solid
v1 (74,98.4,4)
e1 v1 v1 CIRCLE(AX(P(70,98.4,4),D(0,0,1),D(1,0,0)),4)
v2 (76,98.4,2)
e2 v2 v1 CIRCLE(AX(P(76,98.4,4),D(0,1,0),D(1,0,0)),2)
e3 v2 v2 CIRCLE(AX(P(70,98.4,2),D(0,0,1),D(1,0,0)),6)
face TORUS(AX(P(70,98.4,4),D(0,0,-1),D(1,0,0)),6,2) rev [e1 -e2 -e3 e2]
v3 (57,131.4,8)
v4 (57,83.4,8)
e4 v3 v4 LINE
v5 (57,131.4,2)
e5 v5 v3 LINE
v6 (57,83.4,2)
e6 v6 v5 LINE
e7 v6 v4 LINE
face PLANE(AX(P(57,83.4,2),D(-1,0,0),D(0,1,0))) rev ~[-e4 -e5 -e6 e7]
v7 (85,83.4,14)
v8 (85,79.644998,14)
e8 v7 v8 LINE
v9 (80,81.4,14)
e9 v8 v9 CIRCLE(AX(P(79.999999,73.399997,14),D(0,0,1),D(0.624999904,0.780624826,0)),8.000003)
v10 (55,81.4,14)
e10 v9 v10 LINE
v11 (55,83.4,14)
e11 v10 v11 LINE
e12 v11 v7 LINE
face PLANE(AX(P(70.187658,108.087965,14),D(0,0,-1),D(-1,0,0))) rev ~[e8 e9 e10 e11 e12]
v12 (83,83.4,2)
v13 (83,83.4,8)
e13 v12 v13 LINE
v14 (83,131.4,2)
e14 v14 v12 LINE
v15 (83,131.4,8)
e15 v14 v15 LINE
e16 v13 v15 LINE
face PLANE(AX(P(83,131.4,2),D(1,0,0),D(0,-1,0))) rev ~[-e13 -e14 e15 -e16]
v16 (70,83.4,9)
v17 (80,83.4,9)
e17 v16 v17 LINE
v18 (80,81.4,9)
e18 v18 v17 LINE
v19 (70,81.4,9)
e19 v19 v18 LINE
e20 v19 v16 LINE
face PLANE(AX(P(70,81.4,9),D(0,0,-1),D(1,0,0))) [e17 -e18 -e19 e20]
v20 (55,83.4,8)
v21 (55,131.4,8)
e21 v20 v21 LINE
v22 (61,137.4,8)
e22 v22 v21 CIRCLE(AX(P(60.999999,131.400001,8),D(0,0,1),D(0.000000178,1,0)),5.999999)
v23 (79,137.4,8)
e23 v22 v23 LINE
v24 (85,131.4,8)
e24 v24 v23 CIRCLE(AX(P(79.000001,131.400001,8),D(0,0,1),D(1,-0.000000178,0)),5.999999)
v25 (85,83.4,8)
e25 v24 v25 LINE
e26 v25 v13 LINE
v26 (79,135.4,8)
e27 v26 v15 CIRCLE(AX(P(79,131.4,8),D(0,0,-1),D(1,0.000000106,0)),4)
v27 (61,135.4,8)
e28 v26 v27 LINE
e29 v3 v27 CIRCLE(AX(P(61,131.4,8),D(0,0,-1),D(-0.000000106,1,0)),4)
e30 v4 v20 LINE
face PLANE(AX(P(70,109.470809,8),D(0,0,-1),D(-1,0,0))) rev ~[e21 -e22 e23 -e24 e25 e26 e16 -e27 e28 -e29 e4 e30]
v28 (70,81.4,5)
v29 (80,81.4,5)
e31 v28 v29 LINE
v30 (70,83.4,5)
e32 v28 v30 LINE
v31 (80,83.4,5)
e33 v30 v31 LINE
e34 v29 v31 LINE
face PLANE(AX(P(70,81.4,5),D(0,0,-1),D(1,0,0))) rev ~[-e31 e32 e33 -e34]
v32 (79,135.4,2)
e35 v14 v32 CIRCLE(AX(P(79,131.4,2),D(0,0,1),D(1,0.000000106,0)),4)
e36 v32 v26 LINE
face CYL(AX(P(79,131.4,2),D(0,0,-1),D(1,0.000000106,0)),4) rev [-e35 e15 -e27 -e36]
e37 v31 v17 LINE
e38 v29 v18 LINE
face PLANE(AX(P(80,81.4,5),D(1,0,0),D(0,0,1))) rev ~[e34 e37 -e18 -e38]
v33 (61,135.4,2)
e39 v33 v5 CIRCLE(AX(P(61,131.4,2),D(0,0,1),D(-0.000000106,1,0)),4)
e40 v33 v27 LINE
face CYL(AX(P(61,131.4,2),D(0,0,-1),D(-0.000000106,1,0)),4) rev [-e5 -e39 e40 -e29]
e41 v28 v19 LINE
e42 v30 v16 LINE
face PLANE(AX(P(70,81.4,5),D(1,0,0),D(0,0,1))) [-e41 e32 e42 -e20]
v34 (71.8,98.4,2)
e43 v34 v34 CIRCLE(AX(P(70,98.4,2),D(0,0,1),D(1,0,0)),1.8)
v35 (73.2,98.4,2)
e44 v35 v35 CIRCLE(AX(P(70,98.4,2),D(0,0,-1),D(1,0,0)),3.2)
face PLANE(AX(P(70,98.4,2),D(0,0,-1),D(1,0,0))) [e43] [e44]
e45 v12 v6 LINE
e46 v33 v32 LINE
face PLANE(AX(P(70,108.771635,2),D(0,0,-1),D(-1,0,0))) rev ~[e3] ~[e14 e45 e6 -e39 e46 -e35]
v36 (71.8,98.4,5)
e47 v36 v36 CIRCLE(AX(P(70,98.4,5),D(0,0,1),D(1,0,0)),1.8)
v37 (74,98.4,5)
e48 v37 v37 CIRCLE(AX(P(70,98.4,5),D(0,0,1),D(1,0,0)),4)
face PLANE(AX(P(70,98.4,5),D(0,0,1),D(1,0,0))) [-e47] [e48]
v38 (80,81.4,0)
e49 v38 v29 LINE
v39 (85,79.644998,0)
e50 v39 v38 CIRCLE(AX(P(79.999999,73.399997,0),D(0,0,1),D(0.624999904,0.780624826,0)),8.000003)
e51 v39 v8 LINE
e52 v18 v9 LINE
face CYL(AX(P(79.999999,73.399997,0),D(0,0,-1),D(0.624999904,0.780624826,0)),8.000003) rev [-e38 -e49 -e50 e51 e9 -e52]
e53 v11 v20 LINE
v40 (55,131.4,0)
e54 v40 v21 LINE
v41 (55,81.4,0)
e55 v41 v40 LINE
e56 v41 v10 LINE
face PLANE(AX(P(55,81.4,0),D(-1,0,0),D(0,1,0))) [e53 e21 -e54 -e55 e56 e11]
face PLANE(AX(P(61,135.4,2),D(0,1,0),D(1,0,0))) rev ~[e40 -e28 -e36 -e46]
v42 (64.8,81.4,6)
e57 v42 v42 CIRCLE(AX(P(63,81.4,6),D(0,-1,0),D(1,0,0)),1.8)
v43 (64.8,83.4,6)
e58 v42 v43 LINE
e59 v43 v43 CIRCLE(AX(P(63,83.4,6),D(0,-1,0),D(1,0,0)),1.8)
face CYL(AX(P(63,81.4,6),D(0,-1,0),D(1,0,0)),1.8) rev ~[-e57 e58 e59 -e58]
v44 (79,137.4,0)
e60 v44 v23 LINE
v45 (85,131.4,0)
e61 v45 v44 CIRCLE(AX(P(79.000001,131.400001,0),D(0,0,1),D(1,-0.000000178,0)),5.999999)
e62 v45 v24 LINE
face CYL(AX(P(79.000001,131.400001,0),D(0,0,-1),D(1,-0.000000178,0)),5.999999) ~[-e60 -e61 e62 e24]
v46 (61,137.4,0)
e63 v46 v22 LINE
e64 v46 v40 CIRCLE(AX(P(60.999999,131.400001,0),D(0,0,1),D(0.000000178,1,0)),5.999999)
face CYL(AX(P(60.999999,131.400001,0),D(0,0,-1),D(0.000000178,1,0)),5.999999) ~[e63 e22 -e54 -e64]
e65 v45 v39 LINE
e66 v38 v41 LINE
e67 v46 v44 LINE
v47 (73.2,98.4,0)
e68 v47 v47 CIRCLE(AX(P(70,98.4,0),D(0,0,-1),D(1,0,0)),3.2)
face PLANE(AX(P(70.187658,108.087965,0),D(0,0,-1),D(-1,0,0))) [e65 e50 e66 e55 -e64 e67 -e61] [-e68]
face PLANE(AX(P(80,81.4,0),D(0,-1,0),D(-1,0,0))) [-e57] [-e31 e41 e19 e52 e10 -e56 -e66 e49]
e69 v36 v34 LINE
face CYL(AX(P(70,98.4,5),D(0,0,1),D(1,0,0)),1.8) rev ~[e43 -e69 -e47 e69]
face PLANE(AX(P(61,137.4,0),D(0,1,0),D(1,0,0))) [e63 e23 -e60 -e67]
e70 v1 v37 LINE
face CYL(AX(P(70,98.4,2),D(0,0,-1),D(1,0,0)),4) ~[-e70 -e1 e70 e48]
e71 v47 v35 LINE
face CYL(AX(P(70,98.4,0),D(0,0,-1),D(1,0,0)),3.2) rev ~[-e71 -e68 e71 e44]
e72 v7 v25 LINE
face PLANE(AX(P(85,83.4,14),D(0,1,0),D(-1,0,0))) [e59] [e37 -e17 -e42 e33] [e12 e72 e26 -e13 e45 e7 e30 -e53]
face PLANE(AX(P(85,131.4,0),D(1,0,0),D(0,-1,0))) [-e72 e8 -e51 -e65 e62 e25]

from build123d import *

# Parameters (mm, degrees)
PAD014_DEPTH    = 14
POCKET017_DEPTH = 12
POCKET018_DEPTH = 6
SKETCH064_R     = 4
PAD015_DEPTH    = 3
SKETCH065_R     = 1.8
POCKET019_DEPTH = 5.001
SKETCH070_R     = 1.8
SKETCH070_W     = 10
SKETCH070_H     = 4
POCKET022_DEPTH = 2
SKETCH071_R     = 3.2
POCKET023_DEPTH = 2
FILLET003_R     = 2


with BuildPart() as part:
    # Sketch059 → Pad014 (new body)
    with BuildSketch(Plane.XY):
        with BuildLine():
            Line((61, 137.4), (79, 137.4))
            ThreePointArc((85, 131.4), (83.242641, 135.642641), (79, 137.4))
            Line((85, 131.4), (85, 79.644998))
            ThreePointArc((85, 79.644998), (82.64953, 80.948509), (80, 81.4))
            Line((80, 81.4), (55, 81.4))
            Line((55, 81.4), (55, 131.4))
            ThreePointArc((61, 137.4), (56.757359, 135.642641), (55, 131.4))
        make_face()
    extrude(amount=PAD014_DEPTH)

    # Sketch060 (on DatumPlane) → Pocket017 (cut)
    with BuildSketch(Plane.XY.offset(2)):
        with BuildLine():
            Line((61, 135.4), (79, 135.4))
            ThreePointArc((83, 131.4), (81.828427, 134.228427), (79, 135.4))
            Line((83, 131.4), (83, 83.4))
            Line((83, 83.4), (57, 83.4))
            Line((57, 83.4), (57, 131.4))
            ThreePointArc((61, 135.4), (58.171573, 134.228427), (57, 131.4))
        make_face()
    extrude(amount=POCKET017_DEPTH, mode=Mode.SUBTRACT)

    # Sketch063 (on Face5 of Pocket017) → Pocket018 (cut)
    with BuildSketch(Plane.XY.offset(14)):
        with BuildLine():
            Line((61, 137.4), (79, 137.4))
            ThreePointArc((85, 131.4), (83.242641, 135.642641), (79, 137.4))
            Line((85, 131.4), (85, 83.4))
            Line((85, 83.4), (55, 83.4))
            Line((55, 83.4), (55, 131.4))
            ThreePointArc((61, 137.4), (56.757359, 135.642641), (55, 131.4))
        make_face()
    extrude(amount=-POCKET018_DEPTH, mode=Mode.SUBTRACT)

    # Sketch064 (on Face20 of Pocket018) → Pad015 (join)
    with BuildSketch(Plane.XY.offset(2)):
        with Locations((70, 98.4)):
            Circle(SKETCH064_R)
    extrude(amount=PAD015_DEPTH)

    # Sketch065 (on Face22 of Pad015) → Pocket019 (cut, through all)
    with BuildSketch(Plane.XY.offset(5)):
        with Locations((70, 98.4)):
            Circle(SKETCH065_R)
    extrude(amount=-POCKET019_DEPTH, mode=Mode.SUBTRACT)

    # Sketch070 → Pocket022 (cut)
    with BuildSketch(Plane.XZ.offset(-81.4)):
        with Locations((63, 6)):
            Circle(SKETCH070_R)
        with Locations((75, 7)):
            Rectangle(SKETCH070_W, SKETCH070_H)
    extrude(amount=-POCKET022_DEPTH, mode=Mode.SUBTRACT)

    # Sketch071 (on Face2 of Pocket022) → Pocket023 (cut)
    with BuildSketch(Plane(origin=(0, 0, 0), x_dir=(1, 0, 0), z_dir=(0, 0, -1))):
        with Locations((70, -98.4)):
            Circle(SKETCH071_R)
    extrude(amount=-POCKET023_DEPTH, mode=Mode.SUBTRACT)

    # Fillet003
    fillet003_edges = [part.edges().sort_by_distance(p)[0] for p in [
        (66, 98.4, 2),
    ]]
    fillet(fillet003_edges, radius=FILLET003_R)


solid = part.part
